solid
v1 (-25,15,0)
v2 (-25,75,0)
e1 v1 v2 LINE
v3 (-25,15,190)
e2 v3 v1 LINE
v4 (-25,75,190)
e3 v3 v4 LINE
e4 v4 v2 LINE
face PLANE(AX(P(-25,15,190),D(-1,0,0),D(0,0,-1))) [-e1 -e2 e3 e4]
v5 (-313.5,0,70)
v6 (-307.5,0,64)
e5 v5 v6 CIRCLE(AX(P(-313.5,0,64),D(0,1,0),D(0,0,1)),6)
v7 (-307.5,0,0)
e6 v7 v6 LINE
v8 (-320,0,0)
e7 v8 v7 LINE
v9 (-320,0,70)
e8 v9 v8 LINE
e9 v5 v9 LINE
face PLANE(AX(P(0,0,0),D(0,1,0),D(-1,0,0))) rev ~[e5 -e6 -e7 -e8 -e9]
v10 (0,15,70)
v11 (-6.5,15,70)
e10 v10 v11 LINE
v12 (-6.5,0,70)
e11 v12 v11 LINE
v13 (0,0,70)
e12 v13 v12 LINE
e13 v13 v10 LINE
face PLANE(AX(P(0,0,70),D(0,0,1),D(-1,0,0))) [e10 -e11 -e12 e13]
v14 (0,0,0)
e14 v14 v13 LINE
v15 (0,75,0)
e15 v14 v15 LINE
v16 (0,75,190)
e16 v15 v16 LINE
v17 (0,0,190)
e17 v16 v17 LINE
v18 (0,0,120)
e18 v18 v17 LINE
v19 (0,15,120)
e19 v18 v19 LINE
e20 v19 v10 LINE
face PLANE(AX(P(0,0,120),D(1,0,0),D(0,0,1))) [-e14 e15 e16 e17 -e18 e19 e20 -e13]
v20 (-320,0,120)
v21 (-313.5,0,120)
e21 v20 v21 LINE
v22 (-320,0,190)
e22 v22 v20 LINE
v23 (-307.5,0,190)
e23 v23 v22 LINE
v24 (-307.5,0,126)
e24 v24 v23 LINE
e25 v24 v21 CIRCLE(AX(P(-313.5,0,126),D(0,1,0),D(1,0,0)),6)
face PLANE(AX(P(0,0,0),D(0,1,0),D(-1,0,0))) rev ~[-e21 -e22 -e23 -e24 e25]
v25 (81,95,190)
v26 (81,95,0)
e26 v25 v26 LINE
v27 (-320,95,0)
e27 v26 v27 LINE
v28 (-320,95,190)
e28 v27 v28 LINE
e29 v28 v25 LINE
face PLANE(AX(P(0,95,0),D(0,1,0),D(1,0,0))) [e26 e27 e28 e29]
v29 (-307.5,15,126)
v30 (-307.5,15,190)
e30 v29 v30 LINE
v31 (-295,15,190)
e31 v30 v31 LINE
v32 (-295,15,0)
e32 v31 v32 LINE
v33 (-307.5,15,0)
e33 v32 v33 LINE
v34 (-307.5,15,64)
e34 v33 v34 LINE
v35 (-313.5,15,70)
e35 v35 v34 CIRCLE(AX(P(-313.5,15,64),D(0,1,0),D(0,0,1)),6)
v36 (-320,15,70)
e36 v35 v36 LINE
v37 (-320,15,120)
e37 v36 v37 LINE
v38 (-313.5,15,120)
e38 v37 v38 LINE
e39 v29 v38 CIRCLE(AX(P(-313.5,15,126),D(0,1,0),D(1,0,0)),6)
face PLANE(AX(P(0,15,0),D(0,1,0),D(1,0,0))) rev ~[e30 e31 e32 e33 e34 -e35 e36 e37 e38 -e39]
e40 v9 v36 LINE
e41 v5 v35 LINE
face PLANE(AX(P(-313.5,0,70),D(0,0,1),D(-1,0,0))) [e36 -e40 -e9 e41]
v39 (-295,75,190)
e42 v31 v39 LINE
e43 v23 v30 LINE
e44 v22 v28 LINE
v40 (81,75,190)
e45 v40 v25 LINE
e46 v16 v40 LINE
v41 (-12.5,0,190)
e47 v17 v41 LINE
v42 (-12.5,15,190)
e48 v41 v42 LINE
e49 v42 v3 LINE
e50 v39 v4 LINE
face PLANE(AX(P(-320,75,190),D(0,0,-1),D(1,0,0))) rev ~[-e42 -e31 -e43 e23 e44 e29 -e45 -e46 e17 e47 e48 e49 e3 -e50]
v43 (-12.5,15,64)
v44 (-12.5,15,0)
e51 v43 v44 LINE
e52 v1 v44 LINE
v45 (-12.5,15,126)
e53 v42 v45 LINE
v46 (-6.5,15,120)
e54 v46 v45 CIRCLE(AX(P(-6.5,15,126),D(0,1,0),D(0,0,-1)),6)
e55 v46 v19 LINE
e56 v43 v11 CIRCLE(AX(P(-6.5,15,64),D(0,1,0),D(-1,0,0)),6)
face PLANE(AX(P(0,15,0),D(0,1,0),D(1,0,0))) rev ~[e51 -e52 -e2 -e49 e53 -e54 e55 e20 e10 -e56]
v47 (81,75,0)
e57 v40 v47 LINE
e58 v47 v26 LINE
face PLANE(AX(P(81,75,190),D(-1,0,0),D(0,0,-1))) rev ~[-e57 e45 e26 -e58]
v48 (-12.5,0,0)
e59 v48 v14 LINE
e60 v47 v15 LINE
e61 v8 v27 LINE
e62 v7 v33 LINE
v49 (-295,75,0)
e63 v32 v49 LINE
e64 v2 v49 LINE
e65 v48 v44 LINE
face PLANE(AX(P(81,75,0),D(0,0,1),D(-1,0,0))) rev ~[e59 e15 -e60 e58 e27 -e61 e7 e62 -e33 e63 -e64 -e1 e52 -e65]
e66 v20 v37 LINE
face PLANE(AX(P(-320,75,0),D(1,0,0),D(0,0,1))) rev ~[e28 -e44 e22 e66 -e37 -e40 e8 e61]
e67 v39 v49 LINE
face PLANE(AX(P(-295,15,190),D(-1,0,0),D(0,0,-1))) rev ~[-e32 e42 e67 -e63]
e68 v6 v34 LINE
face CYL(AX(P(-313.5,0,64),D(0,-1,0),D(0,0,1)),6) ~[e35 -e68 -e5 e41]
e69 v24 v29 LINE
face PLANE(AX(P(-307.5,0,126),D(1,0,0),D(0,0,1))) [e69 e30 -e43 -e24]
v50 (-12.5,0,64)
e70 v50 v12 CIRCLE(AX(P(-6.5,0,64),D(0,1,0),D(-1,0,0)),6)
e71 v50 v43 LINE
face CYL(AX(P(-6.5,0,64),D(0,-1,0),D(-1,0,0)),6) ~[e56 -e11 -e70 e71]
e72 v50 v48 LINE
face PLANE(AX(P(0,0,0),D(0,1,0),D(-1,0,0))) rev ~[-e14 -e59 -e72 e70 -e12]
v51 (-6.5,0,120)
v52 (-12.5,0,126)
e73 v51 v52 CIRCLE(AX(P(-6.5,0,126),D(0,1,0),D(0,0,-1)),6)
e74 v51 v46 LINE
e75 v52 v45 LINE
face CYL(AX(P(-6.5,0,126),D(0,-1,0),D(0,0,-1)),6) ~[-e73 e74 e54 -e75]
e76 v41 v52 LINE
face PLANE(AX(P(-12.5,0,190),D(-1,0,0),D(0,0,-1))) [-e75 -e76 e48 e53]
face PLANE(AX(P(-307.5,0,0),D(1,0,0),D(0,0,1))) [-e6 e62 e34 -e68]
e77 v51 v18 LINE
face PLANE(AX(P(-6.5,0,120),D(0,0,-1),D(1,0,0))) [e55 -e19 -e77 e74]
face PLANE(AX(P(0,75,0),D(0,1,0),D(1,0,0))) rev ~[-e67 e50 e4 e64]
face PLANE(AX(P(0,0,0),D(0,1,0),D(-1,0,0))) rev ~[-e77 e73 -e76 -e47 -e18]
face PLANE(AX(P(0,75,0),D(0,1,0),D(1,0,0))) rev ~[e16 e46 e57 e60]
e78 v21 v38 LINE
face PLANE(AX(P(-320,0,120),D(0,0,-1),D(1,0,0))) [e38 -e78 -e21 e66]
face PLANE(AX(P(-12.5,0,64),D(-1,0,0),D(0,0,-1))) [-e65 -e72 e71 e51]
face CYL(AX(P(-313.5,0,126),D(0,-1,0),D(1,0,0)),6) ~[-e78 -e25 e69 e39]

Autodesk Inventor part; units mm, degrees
ref_plane "YZ Plane" through (0, 0, 0) normal (1, 0, 0) x (0, 1, 0)
ref_plane "XZ Plane" through (0, 0, 0) normal (0, 1, 0) x (-1, 0, 0)
ref_plane "XY Plane" through (0, 0, 0) normal (0, 0, 1) x (1, 0, 0)
sketch "Эскиз1" plane through (0, 0, 0) normal (0, 1, 0) x (-1, 0, 0)
  arc A0 (313.5, 70) -> (307.5, 64) centre (313.5, 64) ccw
  line L0 (307.5, 0) -> (307.5, 64)
  line L1 (320, 0) -> (307.5, 0)
  line L2 (320, 70) -> (320, 0)
  line L3 (313.5, 70) -> (320, 70)
  arc A1 (307.5, 126) -> (313.5, 120) centre (313.5, 126) ccw
  line L4 (320, 120) -> (313.5, 120)
  line L5 (320, 190) -> (320, 120)
  line L6 (307.5, 190) -> (320, 190)
  line L7 (307.5, 126) -> (307.5, 190)
  arc A2 (6.5, 120) -> (12.5, 126) centre (6.5, 126) ccw
  line L8 (12.5, 190) -> (12.5, 126)
  line L9 (0, 190) -> (12.5, 190)
  line L10 (0, 120) -> (0, 190)
  line L11 (6.5, 120) -> (0, 120)
  line L12 (12.5, 64) -> (12.5, 0)
  arc A3 (12.5, 64) -> (6.5, 70) centre (6.5, 64) ccw
  line L13 (0, 70) -> (6.5, 70)
  line L14 (0, 0) -> (0, 70)
  line L15 (12.5, 0) -> (0, 0)
  line L16 (12.5, 64) -> (12.5, 0)
  point P0 (144, 0)
extrude "Выдавливание1" add sketch "Эскиз1" along normal blind 15
sketch "Эскиз2" plane through (0, 15, 0) normal (0, 1, 0) x (1, 0, 0)
  line L0 (-320, -120) -> (-320, -190) projected
  line L1 (-320, -190) -> (-295, -190)
  line L2 (-295, -190) -> (-295, 0)
  line L3 (-295, 0) -> (-320, 0)
  line L4 (-320, 0) -> (-320, -190)
  line L5 (0, -190) -> (0, -120) projected
  line L6 (0, -190) -> (-25, -190)
  line L7 (-25, -190) -> (-25, 0)
  line L8 (-25, 0) -> (0, 0)
  line L9 (0, 0) -> (0, -190)
  point P0 (0, 0)
  dimension "d2" = 25
  dimension "d3" = 25
extrude "Выдавливание2" add sketch "Эскиз2" along normal blind 60
sketch "Эскиз3" plane through (0, 75, 0) normal (0, 1, 0) x (1, 0, 0)
  line L0 (-320, 0) -> (-320, -190) projected
  line L1 (-320, -190) -> (81, -190)
  line L2 (81, -190) -> (81, 0)
  line L3 (81, 0) -> (-320, 0)
  line L4 (-320, 0) -> (-320, -190)
  point P0 (0, 0)
extrude "Выдавливание3" add sketch "Эскиз3" along normal blind 20
properties part number "BackPlate"
